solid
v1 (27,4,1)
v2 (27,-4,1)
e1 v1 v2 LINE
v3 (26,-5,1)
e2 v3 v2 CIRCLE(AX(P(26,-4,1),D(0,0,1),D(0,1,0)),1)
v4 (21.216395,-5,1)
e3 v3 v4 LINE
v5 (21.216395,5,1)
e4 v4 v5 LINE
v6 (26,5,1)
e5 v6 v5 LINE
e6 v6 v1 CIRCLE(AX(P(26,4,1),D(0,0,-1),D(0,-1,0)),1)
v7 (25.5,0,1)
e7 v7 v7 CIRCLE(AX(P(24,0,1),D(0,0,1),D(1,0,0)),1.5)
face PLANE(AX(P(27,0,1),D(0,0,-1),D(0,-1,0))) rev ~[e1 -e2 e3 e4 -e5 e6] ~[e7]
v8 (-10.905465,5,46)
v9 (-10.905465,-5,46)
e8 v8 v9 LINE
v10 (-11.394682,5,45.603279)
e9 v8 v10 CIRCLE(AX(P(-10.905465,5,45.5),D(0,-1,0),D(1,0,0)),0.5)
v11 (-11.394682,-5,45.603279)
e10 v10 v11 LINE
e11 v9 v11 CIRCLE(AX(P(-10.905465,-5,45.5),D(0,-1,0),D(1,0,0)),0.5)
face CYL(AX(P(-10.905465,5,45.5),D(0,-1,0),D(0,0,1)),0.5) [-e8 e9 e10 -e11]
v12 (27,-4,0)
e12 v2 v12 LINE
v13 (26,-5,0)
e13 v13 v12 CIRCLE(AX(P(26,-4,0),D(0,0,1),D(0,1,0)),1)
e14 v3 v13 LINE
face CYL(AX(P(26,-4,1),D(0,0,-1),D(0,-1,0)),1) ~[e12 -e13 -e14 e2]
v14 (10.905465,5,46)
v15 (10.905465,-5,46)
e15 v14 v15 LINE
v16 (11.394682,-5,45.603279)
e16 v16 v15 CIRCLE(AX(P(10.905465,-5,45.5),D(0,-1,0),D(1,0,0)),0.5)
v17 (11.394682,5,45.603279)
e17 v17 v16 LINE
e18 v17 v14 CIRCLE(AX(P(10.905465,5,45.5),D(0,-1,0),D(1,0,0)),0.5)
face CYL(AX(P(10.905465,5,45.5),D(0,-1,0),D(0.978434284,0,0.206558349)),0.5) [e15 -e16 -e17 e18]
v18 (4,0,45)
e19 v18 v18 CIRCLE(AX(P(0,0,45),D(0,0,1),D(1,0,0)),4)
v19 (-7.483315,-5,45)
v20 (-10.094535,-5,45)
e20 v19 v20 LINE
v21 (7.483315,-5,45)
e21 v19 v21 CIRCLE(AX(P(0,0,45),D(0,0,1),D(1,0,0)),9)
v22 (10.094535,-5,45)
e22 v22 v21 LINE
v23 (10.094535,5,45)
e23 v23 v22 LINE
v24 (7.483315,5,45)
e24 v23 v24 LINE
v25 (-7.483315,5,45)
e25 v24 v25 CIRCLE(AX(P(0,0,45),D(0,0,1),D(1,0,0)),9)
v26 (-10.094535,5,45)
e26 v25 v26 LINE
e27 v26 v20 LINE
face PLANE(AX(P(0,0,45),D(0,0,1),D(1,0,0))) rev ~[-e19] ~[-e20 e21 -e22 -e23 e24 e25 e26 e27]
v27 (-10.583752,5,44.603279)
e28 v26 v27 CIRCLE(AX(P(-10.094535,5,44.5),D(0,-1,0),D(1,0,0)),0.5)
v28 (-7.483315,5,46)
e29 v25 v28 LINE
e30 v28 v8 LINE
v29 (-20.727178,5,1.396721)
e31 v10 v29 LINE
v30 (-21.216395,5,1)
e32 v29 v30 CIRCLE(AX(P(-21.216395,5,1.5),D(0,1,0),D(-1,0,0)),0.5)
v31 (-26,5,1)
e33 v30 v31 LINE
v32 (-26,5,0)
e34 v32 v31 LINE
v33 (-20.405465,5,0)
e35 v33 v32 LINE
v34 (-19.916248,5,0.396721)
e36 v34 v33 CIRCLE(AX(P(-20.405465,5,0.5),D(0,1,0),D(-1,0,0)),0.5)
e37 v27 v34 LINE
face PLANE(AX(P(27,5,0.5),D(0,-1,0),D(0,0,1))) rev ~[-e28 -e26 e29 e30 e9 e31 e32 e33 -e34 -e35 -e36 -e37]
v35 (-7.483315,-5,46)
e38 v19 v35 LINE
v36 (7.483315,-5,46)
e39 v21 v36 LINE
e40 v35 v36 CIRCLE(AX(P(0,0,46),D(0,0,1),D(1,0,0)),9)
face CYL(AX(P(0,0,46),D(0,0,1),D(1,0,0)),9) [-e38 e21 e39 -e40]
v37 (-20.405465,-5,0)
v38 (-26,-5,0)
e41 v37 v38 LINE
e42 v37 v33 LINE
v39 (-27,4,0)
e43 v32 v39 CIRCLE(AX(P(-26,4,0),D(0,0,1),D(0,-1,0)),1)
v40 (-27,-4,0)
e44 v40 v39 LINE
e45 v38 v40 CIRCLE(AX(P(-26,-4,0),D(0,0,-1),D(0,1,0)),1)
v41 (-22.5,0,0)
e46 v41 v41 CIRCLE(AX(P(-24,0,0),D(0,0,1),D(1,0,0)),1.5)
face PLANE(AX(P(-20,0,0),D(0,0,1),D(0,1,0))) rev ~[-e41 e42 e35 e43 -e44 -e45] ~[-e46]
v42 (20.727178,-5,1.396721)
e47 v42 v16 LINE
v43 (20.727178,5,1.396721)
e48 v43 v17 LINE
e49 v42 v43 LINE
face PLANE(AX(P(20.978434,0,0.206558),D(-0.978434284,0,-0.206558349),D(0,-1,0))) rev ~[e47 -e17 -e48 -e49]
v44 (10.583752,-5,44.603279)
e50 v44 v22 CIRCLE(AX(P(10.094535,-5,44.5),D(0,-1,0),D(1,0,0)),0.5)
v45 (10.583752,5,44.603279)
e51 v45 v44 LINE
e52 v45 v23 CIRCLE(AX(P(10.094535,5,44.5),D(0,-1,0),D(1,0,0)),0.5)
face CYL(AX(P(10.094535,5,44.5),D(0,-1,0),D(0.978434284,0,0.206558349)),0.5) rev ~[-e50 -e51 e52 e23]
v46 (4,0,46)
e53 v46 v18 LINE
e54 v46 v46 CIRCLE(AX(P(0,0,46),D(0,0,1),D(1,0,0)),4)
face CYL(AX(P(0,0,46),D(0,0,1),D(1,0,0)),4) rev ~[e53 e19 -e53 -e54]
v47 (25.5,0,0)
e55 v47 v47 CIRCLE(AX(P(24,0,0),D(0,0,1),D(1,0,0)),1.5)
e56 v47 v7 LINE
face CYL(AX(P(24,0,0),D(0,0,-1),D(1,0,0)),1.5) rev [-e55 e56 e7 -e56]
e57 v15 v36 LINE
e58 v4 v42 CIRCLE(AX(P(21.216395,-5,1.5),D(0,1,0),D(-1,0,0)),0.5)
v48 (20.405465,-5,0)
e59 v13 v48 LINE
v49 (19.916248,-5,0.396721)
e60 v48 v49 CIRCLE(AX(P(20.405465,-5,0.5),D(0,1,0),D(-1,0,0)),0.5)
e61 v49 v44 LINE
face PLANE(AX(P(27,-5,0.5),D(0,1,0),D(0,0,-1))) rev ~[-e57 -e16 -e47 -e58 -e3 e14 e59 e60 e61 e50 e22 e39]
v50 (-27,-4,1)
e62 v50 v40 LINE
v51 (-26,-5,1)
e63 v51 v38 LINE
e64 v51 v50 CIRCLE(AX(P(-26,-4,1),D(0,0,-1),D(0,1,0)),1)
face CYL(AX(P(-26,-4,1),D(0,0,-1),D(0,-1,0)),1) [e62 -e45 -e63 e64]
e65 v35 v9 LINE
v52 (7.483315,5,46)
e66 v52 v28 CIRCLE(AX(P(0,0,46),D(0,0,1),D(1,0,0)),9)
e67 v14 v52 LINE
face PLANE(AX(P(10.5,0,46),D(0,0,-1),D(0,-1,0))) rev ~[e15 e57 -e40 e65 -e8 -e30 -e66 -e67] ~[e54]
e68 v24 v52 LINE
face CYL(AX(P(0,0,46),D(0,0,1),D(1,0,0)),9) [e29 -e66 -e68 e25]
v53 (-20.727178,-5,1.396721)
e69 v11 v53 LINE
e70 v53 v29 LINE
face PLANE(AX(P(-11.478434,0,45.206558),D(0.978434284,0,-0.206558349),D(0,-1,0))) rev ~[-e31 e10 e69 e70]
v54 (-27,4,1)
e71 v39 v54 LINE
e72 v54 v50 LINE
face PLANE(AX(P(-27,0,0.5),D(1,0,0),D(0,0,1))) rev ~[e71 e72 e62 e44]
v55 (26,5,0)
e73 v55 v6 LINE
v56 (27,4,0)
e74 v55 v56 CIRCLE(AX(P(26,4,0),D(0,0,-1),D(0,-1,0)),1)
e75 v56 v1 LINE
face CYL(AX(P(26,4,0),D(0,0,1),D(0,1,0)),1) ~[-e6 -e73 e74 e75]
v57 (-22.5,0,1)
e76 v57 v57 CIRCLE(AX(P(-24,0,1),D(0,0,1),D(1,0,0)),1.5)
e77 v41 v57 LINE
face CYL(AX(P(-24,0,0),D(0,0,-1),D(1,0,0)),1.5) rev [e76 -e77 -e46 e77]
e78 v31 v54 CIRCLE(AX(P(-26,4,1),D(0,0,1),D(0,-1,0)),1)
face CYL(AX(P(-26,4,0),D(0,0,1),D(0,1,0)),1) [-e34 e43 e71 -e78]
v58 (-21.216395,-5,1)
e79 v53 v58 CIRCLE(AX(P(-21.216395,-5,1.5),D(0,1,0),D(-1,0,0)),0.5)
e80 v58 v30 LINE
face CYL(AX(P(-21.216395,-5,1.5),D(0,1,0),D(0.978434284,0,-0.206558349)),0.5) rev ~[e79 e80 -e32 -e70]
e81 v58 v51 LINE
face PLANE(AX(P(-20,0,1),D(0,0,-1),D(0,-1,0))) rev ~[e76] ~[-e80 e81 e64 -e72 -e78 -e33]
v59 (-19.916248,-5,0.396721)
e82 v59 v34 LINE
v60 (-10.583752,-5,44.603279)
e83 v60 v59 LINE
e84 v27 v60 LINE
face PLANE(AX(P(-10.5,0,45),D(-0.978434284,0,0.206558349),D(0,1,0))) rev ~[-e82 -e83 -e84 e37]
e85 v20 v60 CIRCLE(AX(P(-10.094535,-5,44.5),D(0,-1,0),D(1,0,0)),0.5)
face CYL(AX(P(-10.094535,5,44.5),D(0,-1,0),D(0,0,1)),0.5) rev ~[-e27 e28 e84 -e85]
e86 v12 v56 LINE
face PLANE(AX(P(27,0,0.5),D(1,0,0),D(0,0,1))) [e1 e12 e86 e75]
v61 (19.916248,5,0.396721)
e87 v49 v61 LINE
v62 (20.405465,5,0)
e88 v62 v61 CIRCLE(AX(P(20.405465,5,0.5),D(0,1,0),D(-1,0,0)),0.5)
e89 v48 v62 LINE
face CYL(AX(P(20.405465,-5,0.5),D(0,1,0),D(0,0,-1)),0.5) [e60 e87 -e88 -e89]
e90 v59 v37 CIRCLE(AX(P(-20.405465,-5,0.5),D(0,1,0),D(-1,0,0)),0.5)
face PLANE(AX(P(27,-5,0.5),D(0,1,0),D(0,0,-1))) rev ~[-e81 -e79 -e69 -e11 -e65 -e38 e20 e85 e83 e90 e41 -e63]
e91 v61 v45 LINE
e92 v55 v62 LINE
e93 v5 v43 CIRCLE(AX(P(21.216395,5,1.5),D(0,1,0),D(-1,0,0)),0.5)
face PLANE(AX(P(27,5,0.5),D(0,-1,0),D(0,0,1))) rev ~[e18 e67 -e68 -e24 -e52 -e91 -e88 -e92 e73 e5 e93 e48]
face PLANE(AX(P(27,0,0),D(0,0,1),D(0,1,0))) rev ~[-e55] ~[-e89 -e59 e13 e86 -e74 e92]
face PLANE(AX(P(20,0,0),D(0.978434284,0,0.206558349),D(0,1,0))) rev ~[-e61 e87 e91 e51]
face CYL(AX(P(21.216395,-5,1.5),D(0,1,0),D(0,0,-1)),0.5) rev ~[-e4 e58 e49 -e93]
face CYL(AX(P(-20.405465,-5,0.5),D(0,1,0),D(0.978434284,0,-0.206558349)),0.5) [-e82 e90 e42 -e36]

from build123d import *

# Parameters (mm, degrees)
F2_W      = 10
F2_H      = 1
F4_R      = 0.5
F5_R      = 9
F6_DEPTH  = 1
F7_R      = 4
F8_DEPTH  = 1
F9_R      = 1.5
F10_DEPTH = 1
F11_R     = 1


with BuildPart() as f3:
    # F3: sweep along a path in F0
    with BuildLine(Plane.XZ) as f3_path:
        Line((27, 0), (20, 0))
        Line((20, 0), (10.5, 45))
        Line((10.5, 45), (-10.5, 45))
        Line((-10.5, 45), (-20, 0))
        Line((-20, 0), (-27, 0))
    # F2 (on plane+point) → F3 (sweep)
    with BuildSketch(Plane.YZ.offset(27)):
        with Locations((0, 0.5)):
            Rectangle(F2_W, F2_H)
    sweep(path=f3_path.line, transition=Transition.RIGHT)

    # F4
    f4_edges = [f3.edges().sort_by_distance(p)[0] for p in [
        (20.81093, 0, 1),
        (11.31093, 0, 46),
        (-11.31093, 0, 46),
        (-20.81093, 0, 1),
        (20, 0, 0),
        (10.5, 0, 45),
        (-20, 0, 0),
        (-10.5, 0, 45),
    ]]
    fillet(f4_edges, radius=F4_R)

    # F5 (on face) → F6 (join, through all)
    with BuildSketch(Plane.XY.offset(46)):
        Circle(F5_R)
    extrude(amount=-F6_DEPTH)

    # F7 (on face) → F8 (cut, through all)
    with BuildSketch(Plane.XY.offset(46)):
        Circle(F7_R)
    extrude(amount=-F8_DEPTH, mode=Mode.SUBTRACT)

    # F9 (on Top) → F10 (cut, through all)
    with BuildSketch(Plane.XY):
        with Locations((-24, 0)):
            Circle(F9_R)
        with Locations((24, 0)):
            Circle(F9_R)
    extrude(amount=F10_DEPTH, mode=Mode.SUBTRACT)

    # F11
    f11_edges = [f3.edges().sort_by_distance(p)[0] for p in [
        (27, -5, 0.5),
        (27, 5, 0.5),
        (-27, 5, 0.5),
        (-27, -5, 0.5),
    ]]
    fillet(f11_edges, radius=F11_R)


solid = f3.part
